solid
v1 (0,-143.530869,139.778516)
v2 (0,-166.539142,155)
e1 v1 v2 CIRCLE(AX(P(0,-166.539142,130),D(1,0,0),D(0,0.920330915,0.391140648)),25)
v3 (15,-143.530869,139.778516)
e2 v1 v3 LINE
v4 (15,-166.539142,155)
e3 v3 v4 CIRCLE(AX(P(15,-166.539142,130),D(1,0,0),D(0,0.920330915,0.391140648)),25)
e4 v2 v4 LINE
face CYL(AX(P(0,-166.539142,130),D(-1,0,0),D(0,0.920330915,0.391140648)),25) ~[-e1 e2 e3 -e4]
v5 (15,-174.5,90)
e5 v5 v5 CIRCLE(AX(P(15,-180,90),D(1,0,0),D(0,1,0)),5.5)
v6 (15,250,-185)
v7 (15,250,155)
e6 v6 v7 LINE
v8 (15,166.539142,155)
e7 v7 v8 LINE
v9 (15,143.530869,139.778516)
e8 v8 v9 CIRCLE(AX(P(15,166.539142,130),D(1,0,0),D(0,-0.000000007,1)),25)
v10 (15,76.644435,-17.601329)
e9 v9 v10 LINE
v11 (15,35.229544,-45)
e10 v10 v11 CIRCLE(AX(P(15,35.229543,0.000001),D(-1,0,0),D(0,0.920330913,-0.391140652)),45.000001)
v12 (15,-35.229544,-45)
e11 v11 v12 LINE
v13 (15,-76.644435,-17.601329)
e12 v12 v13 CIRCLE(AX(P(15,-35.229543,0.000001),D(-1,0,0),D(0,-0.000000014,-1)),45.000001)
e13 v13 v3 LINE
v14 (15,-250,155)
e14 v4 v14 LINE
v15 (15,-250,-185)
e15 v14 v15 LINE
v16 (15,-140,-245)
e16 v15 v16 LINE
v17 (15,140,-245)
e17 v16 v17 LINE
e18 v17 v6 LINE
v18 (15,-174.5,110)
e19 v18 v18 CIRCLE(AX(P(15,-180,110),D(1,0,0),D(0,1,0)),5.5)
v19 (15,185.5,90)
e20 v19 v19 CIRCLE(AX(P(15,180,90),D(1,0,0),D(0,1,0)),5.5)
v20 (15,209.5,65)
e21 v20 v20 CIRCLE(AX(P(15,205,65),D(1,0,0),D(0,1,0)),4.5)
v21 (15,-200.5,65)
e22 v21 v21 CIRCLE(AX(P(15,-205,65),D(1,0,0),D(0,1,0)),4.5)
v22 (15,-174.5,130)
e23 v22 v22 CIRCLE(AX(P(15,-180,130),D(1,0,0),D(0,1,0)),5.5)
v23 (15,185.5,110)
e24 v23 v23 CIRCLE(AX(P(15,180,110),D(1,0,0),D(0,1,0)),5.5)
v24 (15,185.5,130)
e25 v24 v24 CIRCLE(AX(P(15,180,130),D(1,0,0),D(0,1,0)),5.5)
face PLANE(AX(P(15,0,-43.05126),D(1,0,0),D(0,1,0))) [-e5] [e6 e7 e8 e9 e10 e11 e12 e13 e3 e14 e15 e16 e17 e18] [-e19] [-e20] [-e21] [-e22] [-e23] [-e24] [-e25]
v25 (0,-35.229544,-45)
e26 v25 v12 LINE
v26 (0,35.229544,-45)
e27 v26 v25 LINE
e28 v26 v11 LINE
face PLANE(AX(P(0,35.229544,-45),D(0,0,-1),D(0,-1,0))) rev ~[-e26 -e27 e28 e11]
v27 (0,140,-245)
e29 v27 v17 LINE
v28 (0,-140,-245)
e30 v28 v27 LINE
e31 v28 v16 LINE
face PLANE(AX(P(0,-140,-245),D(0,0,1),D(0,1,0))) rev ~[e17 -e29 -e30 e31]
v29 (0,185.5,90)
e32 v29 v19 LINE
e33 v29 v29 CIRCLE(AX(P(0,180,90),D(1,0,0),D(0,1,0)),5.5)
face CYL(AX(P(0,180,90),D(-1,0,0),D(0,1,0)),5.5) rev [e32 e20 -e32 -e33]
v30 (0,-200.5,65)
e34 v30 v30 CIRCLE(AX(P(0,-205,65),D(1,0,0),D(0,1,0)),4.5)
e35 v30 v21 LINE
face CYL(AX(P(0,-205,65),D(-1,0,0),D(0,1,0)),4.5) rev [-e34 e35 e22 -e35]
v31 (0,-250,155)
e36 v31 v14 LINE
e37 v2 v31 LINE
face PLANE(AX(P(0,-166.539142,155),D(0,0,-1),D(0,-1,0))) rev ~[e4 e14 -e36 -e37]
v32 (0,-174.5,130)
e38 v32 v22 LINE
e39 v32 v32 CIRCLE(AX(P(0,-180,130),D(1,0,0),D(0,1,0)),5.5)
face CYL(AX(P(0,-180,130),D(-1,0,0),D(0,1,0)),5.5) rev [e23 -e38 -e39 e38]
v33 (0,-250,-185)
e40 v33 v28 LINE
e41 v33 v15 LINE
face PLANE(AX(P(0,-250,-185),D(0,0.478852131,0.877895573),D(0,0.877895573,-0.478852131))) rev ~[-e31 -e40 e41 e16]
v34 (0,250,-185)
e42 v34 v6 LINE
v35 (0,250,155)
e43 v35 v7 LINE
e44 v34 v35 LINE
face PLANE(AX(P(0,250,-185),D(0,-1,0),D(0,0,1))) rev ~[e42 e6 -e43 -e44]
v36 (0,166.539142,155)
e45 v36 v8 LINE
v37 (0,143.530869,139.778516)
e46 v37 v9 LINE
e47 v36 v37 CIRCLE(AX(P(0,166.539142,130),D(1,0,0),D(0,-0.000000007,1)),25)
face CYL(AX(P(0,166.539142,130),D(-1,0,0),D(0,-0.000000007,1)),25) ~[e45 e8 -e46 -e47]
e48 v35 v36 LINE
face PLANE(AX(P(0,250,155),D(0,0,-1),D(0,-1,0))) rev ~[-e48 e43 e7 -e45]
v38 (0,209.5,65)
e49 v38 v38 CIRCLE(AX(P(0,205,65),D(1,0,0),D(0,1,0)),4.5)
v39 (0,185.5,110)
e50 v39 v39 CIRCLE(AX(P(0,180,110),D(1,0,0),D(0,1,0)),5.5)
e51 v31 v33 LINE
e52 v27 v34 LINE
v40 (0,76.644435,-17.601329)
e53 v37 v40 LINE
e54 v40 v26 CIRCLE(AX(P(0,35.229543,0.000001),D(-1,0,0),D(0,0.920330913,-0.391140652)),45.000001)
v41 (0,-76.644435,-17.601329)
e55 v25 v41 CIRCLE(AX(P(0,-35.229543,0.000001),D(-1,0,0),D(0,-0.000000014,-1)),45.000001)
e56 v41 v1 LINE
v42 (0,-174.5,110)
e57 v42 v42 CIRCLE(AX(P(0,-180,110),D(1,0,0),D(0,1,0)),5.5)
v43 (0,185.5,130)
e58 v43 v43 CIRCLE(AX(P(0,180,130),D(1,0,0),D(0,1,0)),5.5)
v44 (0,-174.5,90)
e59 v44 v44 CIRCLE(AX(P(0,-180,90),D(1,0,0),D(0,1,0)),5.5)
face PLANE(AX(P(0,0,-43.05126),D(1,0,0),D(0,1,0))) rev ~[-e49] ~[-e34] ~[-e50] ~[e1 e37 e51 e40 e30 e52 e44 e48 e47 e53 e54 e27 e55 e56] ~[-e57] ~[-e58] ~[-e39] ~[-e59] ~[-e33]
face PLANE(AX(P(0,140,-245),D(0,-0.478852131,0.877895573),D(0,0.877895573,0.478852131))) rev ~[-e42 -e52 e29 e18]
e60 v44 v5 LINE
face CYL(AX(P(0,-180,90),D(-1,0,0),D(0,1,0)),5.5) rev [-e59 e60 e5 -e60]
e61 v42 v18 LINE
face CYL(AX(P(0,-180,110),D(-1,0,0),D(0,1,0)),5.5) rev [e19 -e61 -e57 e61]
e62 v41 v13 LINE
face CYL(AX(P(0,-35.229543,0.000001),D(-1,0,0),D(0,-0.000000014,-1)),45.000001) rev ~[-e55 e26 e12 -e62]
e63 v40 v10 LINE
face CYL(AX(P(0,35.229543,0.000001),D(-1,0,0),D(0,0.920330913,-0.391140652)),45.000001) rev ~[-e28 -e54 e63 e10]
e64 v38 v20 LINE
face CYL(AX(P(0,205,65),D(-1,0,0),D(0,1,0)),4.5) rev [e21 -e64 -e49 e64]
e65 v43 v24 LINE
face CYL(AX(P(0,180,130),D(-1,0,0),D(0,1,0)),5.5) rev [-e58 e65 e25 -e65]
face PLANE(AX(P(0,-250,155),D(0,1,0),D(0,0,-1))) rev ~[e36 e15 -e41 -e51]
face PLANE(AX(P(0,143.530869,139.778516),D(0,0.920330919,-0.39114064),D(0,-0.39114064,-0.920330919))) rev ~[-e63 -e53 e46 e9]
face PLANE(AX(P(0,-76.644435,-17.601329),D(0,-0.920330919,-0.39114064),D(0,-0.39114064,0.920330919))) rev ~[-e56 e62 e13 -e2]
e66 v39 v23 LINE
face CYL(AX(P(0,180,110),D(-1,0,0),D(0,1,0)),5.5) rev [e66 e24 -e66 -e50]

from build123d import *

# Parameters (mm, degrees)
F0_R     = 4.5
F0_R_2   = 5.5
F1_DEPTH = 15


with BuildPart() as f1:
    # F0 (on Right) → F1 (new body)
    with BuildSketch(Plane.YZ):
        with BuildLine():
            Line((-166.539142, 155), (-250, 155))
            Line((-250, 155), (-250, -185))
            Line((-250, -185), (-140, -245))
            Line((-140, -245), (0, -245))
            Line((0, -245), (140, -245))
            Line((140, -245), (250, -185))
            Line((250, -185), (250, 155))
            Line((250, 155), (166.539142, 155))
            ThreePointArc((166.539142, 155), (152.745356, 150.850215), (143.530869, 139.778516))
            Line((143.530869, 139.778516), (76.644435, -17.601329))
            ThreePointArc((76.644435, -17.601329), (60.05836, -37.530386), (35.229544, -45))
            Line((35.229544, -45), (0, -45))
            Line((0, -45), (-35.229544, -45))
            ThreePointArc((-35.229544, -45), (-60.05836, -37.530386), (-76.644435, -17.601329))
            Line((-76.644435, -17.601329), (-143.530869, 139.778516))
            ThreePointArc((-143.530869, 139.778516), (-152.745356, 150.850215), (-166.539142, 155))
        make_face()
        with Locations((-205, 65)):
            Circle(F0_R, mode=Mode.SUBTRACT)
        with Locations((-180, 90)):
            Circle(F0_R_2, mode=Mode.SUBTRACT)
        with Locations((-180, 110)):
            Circle(F0_R_2, mode=Mode.SUBTRACT)
        with Locations((-180, 130)):
            Circle(F0_R_2, mode=Mode.SUBTRACT)
        with Locations((180, 90)):
            Circle(F0_R_2, mode=Mode.SUBTRACT)
        with Locations((205, 65)):
            Circle(F0_R, mode=Mode.SUBTRACT)
        with Locations((180, 110)):
            Circle(F0_R_2, mode=Mode.SUBTRACT)
        with Locations((180, 130)):
            Circle(F0_R_2, mode=Mode.SUBTRACT)
    extrude(amount=F1_DEPTH)


solid = f1.part
